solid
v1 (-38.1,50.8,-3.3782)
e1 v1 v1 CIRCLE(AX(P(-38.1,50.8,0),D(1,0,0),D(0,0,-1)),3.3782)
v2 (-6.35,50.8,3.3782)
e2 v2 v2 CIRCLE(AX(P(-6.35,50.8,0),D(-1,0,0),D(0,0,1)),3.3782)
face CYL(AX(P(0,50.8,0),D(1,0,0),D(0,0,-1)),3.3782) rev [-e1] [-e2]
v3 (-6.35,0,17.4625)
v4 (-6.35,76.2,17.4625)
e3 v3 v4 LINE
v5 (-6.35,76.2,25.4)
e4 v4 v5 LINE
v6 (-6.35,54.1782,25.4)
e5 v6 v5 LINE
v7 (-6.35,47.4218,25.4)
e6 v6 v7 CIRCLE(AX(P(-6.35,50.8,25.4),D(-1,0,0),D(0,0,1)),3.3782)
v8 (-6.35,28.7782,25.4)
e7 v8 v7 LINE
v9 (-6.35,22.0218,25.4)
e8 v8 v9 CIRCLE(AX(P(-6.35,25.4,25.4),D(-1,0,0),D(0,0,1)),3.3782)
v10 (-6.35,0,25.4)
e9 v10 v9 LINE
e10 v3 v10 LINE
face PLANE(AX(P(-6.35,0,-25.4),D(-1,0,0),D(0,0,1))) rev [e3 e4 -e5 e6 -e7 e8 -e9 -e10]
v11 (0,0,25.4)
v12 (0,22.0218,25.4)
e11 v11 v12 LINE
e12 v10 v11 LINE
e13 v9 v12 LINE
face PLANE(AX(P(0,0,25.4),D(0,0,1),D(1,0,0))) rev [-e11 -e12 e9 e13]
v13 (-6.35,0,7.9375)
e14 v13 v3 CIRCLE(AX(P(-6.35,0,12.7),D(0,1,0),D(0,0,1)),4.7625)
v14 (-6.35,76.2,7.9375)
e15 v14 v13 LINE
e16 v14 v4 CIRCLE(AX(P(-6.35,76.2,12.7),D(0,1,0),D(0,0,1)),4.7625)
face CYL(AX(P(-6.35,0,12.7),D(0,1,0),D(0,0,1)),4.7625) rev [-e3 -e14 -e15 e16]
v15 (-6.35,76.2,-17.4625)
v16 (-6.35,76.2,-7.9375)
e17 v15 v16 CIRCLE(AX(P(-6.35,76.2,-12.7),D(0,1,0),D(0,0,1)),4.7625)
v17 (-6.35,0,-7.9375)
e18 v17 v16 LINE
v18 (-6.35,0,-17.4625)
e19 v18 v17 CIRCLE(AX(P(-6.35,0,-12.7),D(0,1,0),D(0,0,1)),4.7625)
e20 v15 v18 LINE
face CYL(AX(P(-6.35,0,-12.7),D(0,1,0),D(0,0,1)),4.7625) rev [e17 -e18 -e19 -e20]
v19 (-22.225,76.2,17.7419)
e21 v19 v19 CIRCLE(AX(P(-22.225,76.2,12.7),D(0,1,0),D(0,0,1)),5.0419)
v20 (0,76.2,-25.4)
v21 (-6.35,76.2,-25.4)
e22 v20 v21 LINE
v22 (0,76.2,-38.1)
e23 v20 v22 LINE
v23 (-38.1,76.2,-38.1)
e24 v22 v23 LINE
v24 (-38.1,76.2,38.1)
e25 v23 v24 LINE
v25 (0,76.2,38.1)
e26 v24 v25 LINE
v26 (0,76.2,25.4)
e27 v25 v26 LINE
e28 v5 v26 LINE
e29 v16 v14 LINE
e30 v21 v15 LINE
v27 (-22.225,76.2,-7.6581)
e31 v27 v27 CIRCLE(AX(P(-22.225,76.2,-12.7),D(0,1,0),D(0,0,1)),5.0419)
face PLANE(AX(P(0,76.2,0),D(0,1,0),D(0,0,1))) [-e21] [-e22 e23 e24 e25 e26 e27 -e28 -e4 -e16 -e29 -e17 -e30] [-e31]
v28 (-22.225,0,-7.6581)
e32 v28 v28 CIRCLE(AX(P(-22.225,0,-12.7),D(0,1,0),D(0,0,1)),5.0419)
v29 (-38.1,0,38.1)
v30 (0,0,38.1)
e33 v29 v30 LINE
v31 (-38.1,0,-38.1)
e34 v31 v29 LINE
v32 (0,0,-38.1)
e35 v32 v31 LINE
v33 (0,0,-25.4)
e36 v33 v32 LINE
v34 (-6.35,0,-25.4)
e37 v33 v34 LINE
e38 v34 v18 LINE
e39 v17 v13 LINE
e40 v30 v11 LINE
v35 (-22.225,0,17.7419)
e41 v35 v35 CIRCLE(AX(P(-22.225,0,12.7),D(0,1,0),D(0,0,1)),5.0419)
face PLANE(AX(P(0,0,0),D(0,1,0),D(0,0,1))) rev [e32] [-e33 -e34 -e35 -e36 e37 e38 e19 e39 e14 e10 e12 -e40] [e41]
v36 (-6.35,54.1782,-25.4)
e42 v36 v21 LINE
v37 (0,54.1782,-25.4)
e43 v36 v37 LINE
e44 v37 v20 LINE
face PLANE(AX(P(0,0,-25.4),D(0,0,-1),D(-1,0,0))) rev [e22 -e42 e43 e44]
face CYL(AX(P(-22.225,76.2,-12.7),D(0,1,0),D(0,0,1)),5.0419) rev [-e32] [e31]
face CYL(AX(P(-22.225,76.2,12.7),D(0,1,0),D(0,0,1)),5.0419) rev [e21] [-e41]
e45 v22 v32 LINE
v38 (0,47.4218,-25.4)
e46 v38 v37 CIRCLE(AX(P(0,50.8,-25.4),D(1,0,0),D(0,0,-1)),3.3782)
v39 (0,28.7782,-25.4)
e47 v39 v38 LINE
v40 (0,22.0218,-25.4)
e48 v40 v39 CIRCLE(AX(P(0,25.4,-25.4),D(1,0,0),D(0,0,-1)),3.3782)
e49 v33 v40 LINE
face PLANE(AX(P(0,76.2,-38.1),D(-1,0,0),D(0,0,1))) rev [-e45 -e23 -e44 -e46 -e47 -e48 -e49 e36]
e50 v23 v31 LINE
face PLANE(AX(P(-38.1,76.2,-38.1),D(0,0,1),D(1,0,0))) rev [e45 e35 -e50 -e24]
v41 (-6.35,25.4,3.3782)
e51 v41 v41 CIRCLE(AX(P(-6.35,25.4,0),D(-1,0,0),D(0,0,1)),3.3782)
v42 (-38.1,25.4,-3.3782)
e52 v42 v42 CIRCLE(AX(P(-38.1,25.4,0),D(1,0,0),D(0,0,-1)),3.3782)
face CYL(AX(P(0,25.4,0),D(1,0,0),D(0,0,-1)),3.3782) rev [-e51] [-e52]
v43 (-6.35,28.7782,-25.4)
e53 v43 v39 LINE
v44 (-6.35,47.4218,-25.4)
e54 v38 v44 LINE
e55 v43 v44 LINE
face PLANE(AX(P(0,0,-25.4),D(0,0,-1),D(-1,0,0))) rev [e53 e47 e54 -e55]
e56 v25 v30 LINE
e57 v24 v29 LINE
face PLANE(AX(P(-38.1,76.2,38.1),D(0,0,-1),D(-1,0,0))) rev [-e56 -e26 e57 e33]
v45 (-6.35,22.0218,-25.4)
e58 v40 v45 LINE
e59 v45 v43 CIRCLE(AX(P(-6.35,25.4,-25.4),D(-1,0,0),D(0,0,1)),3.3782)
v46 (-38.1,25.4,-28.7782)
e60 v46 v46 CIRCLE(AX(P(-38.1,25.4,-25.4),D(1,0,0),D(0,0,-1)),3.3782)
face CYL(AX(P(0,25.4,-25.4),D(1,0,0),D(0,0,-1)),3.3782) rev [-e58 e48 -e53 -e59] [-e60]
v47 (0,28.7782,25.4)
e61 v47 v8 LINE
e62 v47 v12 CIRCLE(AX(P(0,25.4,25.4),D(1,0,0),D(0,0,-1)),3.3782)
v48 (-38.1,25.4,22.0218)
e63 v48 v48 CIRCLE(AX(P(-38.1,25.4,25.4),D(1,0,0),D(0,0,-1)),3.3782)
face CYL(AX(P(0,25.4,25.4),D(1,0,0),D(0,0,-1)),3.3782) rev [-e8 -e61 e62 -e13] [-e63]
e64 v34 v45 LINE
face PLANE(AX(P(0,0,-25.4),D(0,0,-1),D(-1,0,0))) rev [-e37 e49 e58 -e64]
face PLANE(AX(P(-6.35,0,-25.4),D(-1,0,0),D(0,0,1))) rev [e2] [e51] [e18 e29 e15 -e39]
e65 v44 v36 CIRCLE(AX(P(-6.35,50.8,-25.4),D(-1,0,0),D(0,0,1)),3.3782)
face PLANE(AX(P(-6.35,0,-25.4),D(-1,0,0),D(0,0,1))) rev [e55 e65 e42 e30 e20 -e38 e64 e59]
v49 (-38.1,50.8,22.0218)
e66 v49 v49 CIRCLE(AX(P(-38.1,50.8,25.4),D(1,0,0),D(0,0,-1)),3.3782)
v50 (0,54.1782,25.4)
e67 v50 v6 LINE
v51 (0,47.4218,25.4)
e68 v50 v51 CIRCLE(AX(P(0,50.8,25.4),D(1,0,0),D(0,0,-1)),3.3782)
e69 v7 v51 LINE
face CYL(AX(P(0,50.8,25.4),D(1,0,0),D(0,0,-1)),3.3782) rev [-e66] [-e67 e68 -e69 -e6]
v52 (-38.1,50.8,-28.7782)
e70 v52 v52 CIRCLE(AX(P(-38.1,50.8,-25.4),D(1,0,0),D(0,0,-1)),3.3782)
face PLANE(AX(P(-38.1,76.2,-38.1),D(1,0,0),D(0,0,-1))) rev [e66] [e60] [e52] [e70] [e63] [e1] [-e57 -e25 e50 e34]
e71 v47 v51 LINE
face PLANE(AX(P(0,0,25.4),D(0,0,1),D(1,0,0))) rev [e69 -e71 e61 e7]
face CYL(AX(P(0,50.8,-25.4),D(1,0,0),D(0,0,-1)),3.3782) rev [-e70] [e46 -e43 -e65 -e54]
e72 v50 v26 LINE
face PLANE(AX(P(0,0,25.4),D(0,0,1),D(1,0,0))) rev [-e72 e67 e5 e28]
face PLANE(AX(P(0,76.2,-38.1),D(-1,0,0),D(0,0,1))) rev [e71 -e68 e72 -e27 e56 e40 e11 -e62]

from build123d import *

# Parameters (mm, degrees)
SKETCH1_W               = 38.1
SKETCH1_H               = 76.2
BOSS_EXTRUDE1_DEPTH     = 76.2
SKETCH2_W               = 6.35
SKETCH2_H               = 50.8
CUT_EXTRUDE1_DEPTH      = 94.3255592
F_1_4_CLEARANCE_HOLE1_D = 6.7564
F_3_8_CLEARANCE_HOLE1_D = 10.0838
SKETCH7_R               = 4.7625
CUT_EXTRUDE2_DEPTH      = 94.3255592


with BuildPart() as part:
    # Sketch1 → Boss-Extrude1 (new body)
    with BuildSketch(Plane(origin=(0, 0, 0), x_dir=(1, 0, 0), z_dir=(0, 1, 0))):
        with Locations((-19.05, 0)):
            Rectangle(SKETCH1_W, SKETCH1_H)
    extrude(amount=BOSS_EXTRUDE1_DEPTH)

    # Sketch2 → Cut-Extrude1 (cut, through all)
    with BuildSketch(Plane(origin=(0, 76.2, 0), x_dir=(1, 0, 0), z_dir=(0, 1, 0))):
        with Locations((-3.175, 0)):
            Rectangle(SKETCH2_W, SKETCH2_H)
    extrude(amount=-CUT_EXTRUDE1_DEPTH, mode=Mode.SUBTRACT)

    # 1/4 Clearance Hole1 (through all)
    with Locations(Plane(origin=(0, 0, 0), x_dir=(0, 0, -1), z_dir=(1, 0, 0))):
        with Locations((0, 50.8), (0, 25.4), (-25.4, 25.4), (-25.4, 50.8), (25.4, 50.8), (25.4, 25.4)):
            Hole(F_1_4_CLEARANCE_HOLE1_D / 2)

    # 3/8 Clearance Hole1 (through all)
    with Locations(Plane(origin=(0, 76.2, 0), x_dir=(1, 0, 0), z_dir=(0, 1, 0))):
        with Locations((-22.225, -12.7), (-22.225, 12.7)):
            Hole(F_3_8_CLEARANCE_HOLE1_D / 2)

    # Sketch7 → Cut-Extrude2 (cut, through all)
    with BuildSketch(Plane(origin=(0, 76.2, 0), x_dir=(1, 0, 0), z_dir=(0, 1, 0))):
        with Locations((-6.35, 12.7)):
            Circle(SKETCH7_R)
        with Locations((-6.35, -12.7)):
            Circle(SKETCH7_R)
    extrude(amount=-CUT_EXTRUDE2_DEPTH, mode=Mode.SUBTRACT)


solid = part.part
